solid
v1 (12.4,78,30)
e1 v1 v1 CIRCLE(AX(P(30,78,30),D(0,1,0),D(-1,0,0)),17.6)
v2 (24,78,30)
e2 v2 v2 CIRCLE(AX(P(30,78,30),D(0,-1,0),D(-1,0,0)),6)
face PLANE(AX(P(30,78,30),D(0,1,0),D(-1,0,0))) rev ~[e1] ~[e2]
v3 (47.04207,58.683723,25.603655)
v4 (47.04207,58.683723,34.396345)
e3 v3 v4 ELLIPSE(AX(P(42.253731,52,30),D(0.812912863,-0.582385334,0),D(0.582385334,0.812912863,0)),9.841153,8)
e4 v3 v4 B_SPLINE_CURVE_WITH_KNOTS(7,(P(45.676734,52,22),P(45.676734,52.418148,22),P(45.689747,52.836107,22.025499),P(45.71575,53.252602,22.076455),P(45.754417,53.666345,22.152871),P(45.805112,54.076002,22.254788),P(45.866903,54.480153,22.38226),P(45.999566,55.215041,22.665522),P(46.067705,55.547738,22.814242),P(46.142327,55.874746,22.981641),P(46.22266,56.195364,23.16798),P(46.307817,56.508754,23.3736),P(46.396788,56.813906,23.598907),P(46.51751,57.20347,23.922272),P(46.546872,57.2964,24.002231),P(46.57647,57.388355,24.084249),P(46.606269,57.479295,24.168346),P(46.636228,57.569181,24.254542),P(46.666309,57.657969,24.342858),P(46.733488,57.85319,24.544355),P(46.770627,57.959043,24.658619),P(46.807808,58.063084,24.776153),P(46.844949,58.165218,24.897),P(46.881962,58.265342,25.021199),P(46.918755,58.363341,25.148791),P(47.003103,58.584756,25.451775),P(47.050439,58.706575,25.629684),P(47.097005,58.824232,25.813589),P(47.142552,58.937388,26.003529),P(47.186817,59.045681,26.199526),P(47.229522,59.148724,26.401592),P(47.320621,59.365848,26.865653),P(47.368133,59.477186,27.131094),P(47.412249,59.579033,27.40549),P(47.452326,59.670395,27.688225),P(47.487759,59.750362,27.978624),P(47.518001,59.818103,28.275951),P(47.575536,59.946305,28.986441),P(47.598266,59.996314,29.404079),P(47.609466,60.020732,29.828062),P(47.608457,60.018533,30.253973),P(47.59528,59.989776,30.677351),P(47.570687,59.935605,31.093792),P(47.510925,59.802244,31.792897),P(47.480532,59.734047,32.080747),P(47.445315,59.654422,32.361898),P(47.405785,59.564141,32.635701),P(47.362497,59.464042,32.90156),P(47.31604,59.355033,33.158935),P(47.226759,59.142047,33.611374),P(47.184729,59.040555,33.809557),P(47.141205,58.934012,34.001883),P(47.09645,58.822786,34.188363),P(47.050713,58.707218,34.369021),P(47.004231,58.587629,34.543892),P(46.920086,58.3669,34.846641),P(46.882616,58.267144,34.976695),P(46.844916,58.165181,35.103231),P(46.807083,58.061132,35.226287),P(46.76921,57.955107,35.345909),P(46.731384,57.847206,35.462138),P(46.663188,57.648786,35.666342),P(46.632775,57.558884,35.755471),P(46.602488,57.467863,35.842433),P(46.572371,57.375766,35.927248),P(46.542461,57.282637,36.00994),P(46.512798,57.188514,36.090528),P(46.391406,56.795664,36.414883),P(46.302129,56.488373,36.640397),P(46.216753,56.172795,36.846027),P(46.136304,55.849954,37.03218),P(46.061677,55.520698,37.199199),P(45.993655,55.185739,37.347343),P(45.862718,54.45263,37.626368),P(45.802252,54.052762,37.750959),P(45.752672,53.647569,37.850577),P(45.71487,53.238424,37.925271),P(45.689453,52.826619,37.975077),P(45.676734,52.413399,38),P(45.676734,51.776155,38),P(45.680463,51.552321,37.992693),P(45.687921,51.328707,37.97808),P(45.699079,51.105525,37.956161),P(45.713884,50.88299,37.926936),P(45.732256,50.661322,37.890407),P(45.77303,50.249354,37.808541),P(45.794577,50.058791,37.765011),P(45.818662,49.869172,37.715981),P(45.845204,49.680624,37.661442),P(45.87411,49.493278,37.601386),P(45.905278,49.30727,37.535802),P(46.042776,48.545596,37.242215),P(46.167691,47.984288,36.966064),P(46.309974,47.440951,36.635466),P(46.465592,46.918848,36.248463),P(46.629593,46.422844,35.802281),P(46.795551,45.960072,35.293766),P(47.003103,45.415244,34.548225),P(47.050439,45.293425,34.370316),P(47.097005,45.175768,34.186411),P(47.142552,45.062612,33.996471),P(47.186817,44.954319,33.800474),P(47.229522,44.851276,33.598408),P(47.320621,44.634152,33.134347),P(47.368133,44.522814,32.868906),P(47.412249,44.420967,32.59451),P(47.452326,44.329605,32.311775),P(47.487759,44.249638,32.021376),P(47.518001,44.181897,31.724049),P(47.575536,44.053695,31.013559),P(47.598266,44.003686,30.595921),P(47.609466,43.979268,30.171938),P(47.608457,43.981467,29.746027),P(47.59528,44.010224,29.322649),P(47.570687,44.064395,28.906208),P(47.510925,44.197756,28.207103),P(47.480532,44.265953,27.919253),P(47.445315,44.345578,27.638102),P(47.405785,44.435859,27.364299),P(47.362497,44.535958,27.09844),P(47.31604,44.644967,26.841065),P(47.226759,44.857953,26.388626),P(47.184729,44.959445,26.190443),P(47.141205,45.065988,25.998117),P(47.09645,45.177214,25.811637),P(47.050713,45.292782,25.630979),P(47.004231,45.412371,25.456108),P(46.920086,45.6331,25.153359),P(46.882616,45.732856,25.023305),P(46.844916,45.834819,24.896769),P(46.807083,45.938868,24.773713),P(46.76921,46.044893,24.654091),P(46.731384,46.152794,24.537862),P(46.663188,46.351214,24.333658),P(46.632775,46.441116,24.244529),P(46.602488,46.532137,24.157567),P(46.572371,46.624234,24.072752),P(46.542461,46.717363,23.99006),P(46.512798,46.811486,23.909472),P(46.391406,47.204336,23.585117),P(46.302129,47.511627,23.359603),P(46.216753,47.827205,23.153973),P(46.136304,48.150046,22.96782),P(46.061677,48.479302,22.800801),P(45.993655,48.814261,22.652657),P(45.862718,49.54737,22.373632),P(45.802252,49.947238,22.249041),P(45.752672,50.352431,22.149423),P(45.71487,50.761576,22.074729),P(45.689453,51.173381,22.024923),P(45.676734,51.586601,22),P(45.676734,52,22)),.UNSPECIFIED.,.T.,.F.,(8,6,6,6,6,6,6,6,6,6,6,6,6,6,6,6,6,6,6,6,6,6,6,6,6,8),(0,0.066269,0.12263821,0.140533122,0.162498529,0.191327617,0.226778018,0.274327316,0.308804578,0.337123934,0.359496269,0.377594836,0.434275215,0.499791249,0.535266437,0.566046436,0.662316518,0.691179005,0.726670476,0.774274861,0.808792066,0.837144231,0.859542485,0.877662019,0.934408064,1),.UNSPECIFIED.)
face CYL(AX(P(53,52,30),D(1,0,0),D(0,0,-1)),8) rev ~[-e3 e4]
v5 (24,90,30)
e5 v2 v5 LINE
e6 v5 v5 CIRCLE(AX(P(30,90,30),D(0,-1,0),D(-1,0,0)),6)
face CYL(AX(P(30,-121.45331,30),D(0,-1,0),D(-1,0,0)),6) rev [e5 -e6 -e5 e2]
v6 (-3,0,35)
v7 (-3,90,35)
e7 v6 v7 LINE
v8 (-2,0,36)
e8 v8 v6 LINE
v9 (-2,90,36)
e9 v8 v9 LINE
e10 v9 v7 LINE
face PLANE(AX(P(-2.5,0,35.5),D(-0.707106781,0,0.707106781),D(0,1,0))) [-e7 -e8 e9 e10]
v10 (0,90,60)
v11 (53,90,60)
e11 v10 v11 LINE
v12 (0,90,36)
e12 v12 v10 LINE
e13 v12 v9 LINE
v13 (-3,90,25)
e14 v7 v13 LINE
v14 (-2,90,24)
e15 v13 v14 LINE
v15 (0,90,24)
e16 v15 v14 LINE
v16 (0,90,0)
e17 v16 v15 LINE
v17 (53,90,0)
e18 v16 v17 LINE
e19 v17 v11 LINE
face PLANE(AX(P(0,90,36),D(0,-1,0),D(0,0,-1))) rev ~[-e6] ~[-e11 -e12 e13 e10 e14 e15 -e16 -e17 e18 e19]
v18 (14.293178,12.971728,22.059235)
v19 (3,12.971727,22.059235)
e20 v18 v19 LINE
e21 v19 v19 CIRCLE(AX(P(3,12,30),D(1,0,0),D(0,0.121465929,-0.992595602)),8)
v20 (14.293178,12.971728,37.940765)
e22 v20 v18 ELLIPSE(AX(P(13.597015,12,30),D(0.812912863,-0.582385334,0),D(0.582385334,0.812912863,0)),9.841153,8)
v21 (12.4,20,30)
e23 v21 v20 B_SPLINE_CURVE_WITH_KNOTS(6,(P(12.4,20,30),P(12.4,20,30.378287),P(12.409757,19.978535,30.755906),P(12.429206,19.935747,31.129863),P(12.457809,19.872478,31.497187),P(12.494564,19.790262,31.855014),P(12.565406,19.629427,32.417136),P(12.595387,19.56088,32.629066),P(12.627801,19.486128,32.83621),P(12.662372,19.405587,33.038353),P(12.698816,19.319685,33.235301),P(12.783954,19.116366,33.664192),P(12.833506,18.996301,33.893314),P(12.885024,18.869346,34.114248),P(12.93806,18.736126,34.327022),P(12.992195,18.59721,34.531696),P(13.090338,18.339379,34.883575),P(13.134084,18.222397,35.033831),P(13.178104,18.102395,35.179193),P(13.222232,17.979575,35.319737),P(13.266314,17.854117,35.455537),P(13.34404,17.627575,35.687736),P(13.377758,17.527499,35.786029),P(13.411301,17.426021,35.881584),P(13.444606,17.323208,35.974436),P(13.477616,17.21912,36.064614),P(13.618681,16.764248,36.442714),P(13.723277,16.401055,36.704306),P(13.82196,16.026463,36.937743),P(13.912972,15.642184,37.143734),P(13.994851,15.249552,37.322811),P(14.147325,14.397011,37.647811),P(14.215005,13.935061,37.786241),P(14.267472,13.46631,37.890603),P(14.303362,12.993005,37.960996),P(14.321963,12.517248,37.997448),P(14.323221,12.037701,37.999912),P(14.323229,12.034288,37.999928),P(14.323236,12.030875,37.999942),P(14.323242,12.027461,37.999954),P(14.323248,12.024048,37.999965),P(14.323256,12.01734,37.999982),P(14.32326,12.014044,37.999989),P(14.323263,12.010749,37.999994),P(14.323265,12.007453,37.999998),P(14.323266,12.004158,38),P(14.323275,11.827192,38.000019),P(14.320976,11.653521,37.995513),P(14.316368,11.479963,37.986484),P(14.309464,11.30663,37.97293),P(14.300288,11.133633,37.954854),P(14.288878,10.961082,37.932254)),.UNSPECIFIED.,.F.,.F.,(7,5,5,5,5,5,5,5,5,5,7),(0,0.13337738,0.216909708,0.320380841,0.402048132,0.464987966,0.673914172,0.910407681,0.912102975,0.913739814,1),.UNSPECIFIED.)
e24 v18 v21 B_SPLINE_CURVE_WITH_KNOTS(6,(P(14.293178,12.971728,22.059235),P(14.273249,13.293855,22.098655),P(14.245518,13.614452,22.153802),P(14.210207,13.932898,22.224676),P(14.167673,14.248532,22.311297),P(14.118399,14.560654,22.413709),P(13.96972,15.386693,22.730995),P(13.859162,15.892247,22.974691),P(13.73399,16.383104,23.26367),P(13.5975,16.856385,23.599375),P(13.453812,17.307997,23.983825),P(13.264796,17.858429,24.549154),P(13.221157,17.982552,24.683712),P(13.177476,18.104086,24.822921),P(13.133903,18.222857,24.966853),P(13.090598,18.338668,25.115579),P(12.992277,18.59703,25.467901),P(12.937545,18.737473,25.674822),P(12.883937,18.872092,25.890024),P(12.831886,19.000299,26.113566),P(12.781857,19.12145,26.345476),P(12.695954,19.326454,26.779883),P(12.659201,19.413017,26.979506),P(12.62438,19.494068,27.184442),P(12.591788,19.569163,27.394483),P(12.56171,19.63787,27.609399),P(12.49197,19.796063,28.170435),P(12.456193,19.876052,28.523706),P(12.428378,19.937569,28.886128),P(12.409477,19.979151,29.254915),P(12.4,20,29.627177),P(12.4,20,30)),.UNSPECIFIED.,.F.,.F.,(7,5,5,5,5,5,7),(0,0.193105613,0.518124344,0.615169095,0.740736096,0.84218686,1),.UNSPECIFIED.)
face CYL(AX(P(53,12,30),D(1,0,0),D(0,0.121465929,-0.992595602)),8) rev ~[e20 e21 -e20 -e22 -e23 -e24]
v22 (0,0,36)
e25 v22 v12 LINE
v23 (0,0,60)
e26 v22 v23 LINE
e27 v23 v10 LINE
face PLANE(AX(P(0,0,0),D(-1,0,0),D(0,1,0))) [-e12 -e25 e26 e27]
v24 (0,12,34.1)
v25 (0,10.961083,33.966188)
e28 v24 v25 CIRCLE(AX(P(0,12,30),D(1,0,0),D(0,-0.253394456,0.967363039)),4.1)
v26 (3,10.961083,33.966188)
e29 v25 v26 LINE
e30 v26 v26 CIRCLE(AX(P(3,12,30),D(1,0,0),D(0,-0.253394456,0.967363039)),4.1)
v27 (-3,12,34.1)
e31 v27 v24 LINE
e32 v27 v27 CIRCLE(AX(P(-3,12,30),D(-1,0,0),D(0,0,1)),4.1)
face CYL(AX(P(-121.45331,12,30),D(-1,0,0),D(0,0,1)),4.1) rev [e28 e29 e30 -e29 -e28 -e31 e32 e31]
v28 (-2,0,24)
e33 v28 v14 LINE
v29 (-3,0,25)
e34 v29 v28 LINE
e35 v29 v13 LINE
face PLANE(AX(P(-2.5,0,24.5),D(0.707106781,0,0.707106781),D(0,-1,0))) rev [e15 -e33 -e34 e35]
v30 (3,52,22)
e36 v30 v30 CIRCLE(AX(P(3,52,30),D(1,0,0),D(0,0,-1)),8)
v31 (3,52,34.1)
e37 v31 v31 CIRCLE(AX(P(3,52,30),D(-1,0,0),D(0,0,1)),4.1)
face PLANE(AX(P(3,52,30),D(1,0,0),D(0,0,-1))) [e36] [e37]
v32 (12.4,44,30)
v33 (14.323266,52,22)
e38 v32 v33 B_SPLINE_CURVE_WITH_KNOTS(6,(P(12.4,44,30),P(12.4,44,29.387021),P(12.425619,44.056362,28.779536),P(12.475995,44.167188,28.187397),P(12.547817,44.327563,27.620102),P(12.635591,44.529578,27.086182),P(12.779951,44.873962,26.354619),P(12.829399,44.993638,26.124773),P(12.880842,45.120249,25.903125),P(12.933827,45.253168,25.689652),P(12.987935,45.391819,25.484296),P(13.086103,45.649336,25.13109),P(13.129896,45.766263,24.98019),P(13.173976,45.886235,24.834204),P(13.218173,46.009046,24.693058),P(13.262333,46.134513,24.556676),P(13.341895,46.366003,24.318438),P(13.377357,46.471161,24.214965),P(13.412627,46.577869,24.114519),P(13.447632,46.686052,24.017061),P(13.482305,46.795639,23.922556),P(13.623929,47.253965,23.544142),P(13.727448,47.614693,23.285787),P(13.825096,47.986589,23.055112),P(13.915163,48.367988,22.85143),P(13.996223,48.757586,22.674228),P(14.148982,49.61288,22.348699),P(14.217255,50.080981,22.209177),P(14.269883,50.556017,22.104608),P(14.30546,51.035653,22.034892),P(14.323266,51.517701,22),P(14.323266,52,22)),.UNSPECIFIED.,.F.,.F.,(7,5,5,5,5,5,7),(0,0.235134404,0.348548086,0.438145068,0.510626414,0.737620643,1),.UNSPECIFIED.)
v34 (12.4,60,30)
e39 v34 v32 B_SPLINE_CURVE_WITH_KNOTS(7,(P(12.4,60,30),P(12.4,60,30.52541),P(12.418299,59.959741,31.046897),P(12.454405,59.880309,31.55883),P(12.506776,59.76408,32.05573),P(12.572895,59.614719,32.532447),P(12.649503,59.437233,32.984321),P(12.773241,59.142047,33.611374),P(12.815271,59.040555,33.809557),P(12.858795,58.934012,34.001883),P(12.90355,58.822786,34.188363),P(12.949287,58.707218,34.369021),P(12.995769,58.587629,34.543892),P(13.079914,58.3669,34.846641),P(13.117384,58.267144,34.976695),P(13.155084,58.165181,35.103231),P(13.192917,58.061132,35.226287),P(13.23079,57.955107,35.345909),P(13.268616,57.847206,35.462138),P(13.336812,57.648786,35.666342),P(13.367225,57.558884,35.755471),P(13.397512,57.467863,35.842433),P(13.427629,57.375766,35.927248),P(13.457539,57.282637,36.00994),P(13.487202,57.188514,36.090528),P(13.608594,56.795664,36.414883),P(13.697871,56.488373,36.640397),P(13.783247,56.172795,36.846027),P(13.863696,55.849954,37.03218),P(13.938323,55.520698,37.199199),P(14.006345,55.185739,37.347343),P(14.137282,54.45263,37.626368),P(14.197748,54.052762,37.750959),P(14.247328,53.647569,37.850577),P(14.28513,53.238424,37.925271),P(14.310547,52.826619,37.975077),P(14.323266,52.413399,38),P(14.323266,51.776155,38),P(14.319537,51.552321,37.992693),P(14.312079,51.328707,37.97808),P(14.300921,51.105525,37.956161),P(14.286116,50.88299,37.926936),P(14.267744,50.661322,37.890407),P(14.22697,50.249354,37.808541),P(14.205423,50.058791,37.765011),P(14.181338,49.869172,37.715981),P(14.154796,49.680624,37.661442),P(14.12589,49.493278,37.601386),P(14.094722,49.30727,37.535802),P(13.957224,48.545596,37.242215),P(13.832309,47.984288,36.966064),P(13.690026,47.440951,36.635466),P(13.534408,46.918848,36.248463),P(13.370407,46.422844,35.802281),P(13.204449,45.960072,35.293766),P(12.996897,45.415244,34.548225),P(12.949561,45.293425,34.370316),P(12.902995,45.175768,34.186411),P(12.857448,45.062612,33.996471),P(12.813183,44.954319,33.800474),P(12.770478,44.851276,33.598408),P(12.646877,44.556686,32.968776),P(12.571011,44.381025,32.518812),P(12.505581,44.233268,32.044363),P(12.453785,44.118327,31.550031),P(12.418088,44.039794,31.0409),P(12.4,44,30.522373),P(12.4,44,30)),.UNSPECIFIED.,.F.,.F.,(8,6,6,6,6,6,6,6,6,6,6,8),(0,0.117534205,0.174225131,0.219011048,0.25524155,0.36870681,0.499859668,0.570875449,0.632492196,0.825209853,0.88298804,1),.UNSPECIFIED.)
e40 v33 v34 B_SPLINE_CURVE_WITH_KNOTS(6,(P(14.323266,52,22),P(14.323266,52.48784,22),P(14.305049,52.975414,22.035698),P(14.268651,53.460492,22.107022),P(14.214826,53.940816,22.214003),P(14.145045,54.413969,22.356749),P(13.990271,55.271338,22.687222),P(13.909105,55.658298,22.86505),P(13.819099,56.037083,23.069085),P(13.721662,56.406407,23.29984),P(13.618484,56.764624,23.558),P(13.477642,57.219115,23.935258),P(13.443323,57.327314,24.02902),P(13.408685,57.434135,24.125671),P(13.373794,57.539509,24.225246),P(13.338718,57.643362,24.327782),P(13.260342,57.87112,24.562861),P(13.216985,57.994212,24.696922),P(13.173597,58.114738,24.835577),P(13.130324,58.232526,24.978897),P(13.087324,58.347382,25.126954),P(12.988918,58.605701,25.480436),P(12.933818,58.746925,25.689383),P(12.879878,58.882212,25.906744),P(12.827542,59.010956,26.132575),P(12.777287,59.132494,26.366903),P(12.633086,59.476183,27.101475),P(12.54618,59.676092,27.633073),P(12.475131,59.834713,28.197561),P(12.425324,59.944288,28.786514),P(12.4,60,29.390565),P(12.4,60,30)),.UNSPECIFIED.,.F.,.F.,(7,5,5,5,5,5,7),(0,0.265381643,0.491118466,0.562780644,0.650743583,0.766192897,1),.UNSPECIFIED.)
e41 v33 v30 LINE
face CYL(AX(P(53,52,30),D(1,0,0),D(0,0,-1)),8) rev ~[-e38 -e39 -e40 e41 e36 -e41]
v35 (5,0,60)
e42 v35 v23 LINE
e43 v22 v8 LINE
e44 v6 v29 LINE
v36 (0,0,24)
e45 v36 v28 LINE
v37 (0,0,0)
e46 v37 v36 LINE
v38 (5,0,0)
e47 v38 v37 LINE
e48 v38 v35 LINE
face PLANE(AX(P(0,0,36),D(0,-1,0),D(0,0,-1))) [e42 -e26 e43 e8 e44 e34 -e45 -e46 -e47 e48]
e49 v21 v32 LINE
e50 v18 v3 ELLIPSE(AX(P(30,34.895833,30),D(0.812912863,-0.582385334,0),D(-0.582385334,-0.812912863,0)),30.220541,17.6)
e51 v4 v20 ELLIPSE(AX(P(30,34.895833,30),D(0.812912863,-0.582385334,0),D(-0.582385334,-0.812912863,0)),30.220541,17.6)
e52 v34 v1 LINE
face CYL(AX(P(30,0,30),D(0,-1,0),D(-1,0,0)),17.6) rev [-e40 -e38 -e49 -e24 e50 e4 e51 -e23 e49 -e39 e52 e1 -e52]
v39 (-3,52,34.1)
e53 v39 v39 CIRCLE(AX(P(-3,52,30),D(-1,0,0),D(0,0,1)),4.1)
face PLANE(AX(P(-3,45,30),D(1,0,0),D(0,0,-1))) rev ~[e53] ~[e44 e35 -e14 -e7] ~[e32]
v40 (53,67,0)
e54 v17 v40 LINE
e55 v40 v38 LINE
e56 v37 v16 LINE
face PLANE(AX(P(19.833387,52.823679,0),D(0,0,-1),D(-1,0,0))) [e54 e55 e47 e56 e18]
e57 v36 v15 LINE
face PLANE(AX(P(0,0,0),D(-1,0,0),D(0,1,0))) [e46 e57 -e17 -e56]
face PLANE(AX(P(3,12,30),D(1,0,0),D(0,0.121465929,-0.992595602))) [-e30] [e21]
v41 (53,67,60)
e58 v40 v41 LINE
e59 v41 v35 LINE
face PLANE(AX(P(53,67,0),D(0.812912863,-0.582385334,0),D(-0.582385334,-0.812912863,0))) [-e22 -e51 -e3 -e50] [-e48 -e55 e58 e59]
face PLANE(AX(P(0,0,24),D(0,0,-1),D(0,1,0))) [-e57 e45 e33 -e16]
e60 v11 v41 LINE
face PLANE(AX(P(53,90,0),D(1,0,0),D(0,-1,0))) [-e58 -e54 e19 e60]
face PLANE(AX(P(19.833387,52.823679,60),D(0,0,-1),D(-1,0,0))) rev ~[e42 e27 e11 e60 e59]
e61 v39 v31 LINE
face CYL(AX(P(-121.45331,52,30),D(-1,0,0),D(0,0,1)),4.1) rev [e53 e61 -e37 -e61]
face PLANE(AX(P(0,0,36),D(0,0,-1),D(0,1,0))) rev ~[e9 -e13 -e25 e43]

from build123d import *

# Parameters (mm, degrees)
BOSS_EXTRUDE1_DEPTH     = 60
CUT_EXTRUDE1_DEPTH      = 121.453310457
CUT_EXTRUDE1_DEPTH_BACK = 121.453310457
SKETCH2_R               = 6
SKETCH3_R               = 17.6
CUT_EXTRUDE2_DEPTH      = 78
CUT_EXTRUDE4_REACH      = 122.453
CUT_EXTRUDE4_END_RADIUS = 17.6
SKETCH5_R               = 4.1
CUT_EXTRUDE6_START      = 53
SKETCH6_R               = 8
CUT_EXTRUDE6_DEPTH      = 50
SKETCH7_W               = 12
SKETCH7_H               = 90
BOSS_EXTRUDE4_DEPTH     = 3
CUT_EXTRUDE7_DEPTH      = 121.453310457
CUT_EXTRUDE7_DEPTH_BACK = 121.453310457
SKETCH5_2_R             = 4.1
CHAMFER1_SIZE           = 1


with BuildPart() as part:
    # Sketch1 → Boss-Extrude1 (new body)
    with BuildSketch(Plane.XY):
        Polygon((0, 0), (0, 90), (53, 90), (53, 67), (5, 0), align=None)
    extrude(amount=BOSS_EXTRUDE1_DEPTH)

    # Sketch2 → Cut-Extrude1 (cut, two sides: drawn at the far end of the back side and taken through both)
    with BuildSketch(Plane(origin=(0, 0, 0), x_dir=(1, 0, 0), z_dir=(0, 1, 0)).offset(-CUT_EXTRUDE1_DEPTH_BACK)):
        with Locations(Location((30, -30, 0), (0, 0, 180))):
            Circle(SKETCH2_R)
    extrude(amount=CUT_EXTRUDE1_DEPTH + CUT_EXTRUDE1_DEPTH_BACK, mode=Mode.SUBTRACT)

    # Sketch3 → Cut-Extrude2 (cut)
    with BuildSketch(Plane(origin=(0, 0, 0), x_dir=(1, 0, 0), z_dir=(0, 1, 0))):
        with Locations(Location((30, -30, 0), (0, 0, 180))):
            Circle(SKETCH3_R)
    extrude(amount=CUT_EXTRUDE2_DEPTH, mode=Mode.SUBTRACT)

    # Cut-Extrude4: up to this cylinder (the profile starts outside it)
    cut_extrude4_end = Plane(origin=(30, 32, 30), z_dir=(0, -1, 0)) * Cylinder(CUT_EXTRUDE4_END_RADIUS, 321.106, mode=Mode.PRIVATE)
    # Sketch5 → Cut-Extrude4 (cut, up to the surface)
    with BuildSketch(Plane(origin=(0, 0, 0), x_dir=(0, 0, -1), z_dir=(1, 0, 0)), mode=Mode.PRIVATE) as cut_extrude4_sk1:
        with Locations(Location((-30, 12, 0), (0, 0, 194.678469959))):
            Circle(SKETCH5_R)
    cut_extrude4_tool1 = extrude(cut_extrude4_sk1.sketch, amount=CUT_EXTRUDE4_REACH, mode=Mode.PRIVATE) - cut_extrude4_end
    add(cut_extrude4_tool1.solids().sort_by_distance((0, 12, 30))[0], mode=Mode.SUBTRACT)
    # Sketch5 → Cut-Extrude4 (cut, up to the surface)
    with BuildSketch(Plane(origin=(0, 0, 0), x_dir=(0, 0, -1), z_dir=(1, 0, 0)), mode=Mode.PRIVATE) as cut_extrude4_sk2:
        with Locations(Location((-30, 52, 0), (0, 0, 180))):
            Circle(SKETCH5_R)
    cut_extrude4_tool2 = extrude(cut_extrude4_sk2.sketch, amount=CUT_EXTRUDE4_REACH, mode=Mode.PRIVATE) - cut_extrude4_end
    add(cut_extrude4_tool2.solids().sort_by_distance((0, 52, 30))[0], mode=Mode.SUBTRACT)

    # Sketch6 → Cut-Extrude6 (cut)
    with BuildSketch(Plane(origin=(0, 0, 0), x_dir=(0, 0, -1), z_dir=(1, 0, 0)).offset(CUT_EXTRUDE6_START)):
        with Locations((-30, 52)):
            Circle(SKETCH6_R)
        with Locations(Location((-30, 12, 0), (0, 0, 6.976713047))):
            Circle(SKETCH6_R)
    extrude(amount=-CUT_EXTRUDE6_DEPTH, mode=Mode.SUBTRACT)

    # Sketch7 → Boss-Extrude4 (add)
    with BuildSketch(Plane(origin=(0, 0, 0), x_dir=(0, 0, -1), z_dir=(1, 0, 0))):
        with Locations((-30, 45)):
            Rectangle(SKETCH7_W, SKETCH7_H)
    extrude(amount=-BOSS_EXTRUDE4_DEPTH)

    # Sketch5<2> → Cut-Extrude7 (cut, two sides: drawn at the far end of the back side and taken through both)
    with BuildSketch(Plane(origin=(0, 0, 0), x_dir=(0, 0, -1), z_dir=(1, 0, 0)).offset(-CUT_EXTRUDE7_DEPTH_BACK)):
        with Locations(Location((-30, 12, 0), (0, 0, 180))):
            Circle(SKETCH5_2_R)
        with Locations(Location((-30, 52, 0), (0, 0, 180))):
            Circle(SKETCH5_2_R)
    extrude(amount=CUT_EXTRUDE7_DEPTH + CUT_EXTRUDE7_DEPTH_BACK, mode=Mode.SUBTRACT)

    # Chamfer1
    chamfer1_edges = [part.edges().sort_by_distance(p)[0] for p in [
        (-3, 45, 36),
        (-3, 45, 24),
    ]]
    chamfer(chamfer1_edges, length=CHAMFER1_SIZE)


solid = part.part
